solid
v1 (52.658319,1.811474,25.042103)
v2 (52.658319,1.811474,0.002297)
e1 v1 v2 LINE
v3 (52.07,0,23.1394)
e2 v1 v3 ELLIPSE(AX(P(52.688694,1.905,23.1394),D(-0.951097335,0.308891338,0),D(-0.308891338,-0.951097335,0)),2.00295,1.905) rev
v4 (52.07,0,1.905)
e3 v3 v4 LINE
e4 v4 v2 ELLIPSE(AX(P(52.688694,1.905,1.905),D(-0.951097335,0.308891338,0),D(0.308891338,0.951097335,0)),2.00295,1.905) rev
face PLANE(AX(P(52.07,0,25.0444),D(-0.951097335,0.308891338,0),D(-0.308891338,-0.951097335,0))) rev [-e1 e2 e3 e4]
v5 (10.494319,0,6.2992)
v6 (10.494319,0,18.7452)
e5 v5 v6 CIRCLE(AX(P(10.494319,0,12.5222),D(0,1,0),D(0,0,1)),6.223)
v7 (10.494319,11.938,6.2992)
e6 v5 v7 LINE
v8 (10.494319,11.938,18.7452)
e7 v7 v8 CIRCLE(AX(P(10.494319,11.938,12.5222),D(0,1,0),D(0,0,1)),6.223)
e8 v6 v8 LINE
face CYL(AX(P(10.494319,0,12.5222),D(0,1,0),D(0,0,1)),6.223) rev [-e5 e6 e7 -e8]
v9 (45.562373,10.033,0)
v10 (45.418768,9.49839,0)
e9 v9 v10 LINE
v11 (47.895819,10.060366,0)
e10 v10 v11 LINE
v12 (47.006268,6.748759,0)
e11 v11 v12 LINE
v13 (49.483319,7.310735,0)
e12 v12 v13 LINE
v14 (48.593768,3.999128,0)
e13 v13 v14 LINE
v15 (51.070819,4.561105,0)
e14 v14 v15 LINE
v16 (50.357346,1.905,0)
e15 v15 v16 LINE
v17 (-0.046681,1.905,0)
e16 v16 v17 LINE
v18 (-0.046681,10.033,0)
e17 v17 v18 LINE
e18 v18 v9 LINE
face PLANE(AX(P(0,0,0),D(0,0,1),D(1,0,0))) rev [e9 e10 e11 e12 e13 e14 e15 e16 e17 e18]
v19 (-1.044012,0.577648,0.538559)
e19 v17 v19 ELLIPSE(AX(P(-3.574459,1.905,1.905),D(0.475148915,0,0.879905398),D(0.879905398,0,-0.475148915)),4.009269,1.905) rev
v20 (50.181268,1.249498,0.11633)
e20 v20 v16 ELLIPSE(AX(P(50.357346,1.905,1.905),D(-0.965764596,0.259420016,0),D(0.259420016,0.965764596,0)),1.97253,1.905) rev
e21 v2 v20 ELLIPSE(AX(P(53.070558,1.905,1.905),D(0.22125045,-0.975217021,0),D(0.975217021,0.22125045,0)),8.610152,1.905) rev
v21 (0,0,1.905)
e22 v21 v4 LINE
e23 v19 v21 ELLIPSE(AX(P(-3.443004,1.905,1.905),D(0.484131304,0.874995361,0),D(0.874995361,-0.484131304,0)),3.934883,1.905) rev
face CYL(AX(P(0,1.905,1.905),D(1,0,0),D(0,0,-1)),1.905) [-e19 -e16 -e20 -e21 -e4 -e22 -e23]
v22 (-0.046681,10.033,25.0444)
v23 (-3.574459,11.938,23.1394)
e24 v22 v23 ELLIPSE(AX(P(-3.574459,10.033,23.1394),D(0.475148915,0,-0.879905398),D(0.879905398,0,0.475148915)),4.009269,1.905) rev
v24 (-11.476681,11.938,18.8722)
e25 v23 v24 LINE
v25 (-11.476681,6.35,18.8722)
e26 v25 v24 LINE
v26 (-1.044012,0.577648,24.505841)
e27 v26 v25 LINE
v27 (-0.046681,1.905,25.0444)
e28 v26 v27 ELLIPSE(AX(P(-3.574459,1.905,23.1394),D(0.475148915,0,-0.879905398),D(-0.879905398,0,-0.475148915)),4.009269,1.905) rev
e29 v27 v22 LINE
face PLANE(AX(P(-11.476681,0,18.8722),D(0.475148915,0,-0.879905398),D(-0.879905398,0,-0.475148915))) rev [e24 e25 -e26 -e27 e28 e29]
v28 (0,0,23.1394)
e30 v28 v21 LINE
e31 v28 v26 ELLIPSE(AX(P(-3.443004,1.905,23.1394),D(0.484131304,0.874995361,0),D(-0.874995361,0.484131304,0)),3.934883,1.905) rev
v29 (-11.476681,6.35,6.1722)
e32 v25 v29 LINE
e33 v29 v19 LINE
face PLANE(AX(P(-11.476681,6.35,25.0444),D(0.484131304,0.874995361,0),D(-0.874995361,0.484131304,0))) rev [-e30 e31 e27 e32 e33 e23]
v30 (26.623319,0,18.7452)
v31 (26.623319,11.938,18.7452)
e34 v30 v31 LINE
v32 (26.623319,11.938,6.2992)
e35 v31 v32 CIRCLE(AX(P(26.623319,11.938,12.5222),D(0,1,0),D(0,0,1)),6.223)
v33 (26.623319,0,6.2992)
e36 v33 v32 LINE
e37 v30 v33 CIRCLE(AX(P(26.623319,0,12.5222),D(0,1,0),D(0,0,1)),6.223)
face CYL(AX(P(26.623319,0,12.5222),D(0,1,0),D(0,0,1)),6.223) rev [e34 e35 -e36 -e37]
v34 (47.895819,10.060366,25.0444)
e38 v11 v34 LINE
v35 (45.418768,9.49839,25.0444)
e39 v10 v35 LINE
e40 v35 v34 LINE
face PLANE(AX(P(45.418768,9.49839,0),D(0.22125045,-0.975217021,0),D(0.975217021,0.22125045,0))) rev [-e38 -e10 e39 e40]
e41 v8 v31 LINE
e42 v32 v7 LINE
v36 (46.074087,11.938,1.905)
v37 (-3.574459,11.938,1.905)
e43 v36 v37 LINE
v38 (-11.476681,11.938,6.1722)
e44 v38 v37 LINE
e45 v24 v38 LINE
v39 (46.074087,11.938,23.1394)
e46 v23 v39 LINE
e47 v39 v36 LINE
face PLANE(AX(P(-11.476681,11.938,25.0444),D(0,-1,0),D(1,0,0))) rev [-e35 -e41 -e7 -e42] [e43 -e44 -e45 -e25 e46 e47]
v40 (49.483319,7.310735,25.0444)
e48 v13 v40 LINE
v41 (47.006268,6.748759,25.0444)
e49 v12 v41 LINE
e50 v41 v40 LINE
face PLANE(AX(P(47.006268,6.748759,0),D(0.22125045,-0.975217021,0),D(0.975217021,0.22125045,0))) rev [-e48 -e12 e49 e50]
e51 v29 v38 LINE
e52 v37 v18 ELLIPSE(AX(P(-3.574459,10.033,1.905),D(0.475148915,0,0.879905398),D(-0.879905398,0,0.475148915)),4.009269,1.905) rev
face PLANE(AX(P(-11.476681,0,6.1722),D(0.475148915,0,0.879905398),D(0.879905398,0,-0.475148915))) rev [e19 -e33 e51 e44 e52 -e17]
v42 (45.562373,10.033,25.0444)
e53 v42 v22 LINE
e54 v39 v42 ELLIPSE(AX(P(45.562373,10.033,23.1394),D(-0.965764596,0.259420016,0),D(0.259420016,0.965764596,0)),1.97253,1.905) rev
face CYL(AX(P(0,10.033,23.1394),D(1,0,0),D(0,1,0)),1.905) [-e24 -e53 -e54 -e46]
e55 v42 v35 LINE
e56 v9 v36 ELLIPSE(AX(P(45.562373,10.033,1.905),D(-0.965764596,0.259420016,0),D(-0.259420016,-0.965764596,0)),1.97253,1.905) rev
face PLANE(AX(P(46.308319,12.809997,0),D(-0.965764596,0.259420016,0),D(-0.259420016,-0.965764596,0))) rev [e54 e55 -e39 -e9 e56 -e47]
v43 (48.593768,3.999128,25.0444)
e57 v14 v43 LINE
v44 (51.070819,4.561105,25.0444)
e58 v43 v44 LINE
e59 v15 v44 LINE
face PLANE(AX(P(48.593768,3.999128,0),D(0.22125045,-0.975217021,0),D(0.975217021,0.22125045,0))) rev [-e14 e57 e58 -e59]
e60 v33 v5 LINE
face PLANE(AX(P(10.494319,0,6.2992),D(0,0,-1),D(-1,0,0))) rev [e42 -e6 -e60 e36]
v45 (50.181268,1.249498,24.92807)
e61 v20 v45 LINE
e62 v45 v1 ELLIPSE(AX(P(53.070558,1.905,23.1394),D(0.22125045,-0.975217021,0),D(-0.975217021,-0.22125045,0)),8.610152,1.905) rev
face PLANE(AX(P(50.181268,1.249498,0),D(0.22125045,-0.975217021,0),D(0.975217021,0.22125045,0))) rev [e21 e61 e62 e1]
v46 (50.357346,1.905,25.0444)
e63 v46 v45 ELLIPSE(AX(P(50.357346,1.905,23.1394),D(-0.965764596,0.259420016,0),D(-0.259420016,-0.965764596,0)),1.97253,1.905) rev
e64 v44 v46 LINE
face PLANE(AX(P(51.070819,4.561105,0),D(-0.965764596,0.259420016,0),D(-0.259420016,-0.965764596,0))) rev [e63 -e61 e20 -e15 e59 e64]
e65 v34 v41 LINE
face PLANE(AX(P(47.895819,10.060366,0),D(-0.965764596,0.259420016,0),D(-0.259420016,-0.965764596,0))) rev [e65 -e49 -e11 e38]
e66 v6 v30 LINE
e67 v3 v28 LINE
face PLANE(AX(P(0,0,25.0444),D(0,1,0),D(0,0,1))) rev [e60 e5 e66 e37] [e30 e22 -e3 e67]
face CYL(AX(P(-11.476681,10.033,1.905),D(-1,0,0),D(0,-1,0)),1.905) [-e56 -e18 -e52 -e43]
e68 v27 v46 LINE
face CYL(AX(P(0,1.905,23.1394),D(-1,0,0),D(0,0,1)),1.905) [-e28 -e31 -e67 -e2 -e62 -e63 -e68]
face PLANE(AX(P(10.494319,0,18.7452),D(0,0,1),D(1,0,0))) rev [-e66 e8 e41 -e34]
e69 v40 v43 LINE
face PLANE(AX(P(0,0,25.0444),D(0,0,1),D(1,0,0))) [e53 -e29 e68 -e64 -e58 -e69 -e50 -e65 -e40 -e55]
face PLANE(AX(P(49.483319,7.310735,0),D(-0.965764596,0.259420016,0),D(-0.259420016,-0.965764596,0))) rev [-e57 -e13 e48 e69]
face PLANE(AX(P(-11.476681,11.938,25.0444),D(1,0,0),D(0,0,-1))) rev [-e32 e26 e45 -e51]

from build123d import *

# Parameters (mm, degrees)
BOSS_EXTRUDE1_DEPTH = 25.0444
CUT_EXTRUDE1_DEPTH  = 60.520050184
LPATTERN1_COUNT     = 11
LPATTERN1_PITCH     = 3.175
CUT_EXTRUDE2_DEPTH  = 60.520050184
FILLET1_R           = 1.905


with BuildPart() as part:
    # Sketch1 → Boss-Extrude1 (new body)
    with BuildSketch(Plane.XY):
        Polygon((0, 0), (52.07, 0), (52.658318987, 1.811473978), (46.811766462, 11.938), (-11.476681013, 11.938), (-11.476681013, 6.35), align=None)
    extrude(amount=BOSS_EXTRUDE1_DEPTH)

    # Sketch2 → Cut-Extrude1 (cut, through all)
    with BuildSketch(Plane.XY.offset(25.0444)):
        Polygon((51.070818987, 4.561104635), (50.181267753, 1.249497834), (52.658318987, 1.811473978), align=None)
    cut_extrude1 = extrude(amount=-CUT_EXTRUDE1_DEPTH, mode=Mode.SUBTRACT)

    # LPattern1: Cut-Extrude1 ×11
    with Locations(*[Vector(-0.49999999999999795, 0.8660254037844398, 0) * (i * LPATTERN1_PITCH) for i in range(1, LPATTERN1_COUNT)]):
        add(cut_extrude1, mode=Mode.SUBTRACT)

    # Sketch3 → Cut-Extrude2 (cut, through all)
    with BuildSketch(Plane(origin=(0, 11.938, 0), x_dir=(1, 0, 0), z_dir=(0, 1, 0))):
        with BuildLine():
            Line((10.494318987, -6.2992), (26.623318987, -6.2992))
            ThreePointArc((26.623318987, -6.2992), (32.846318987, -12.5222), (26.623318987, -18.7452))
            Line((26.623318987, -18.7452), (10.494318987, -18.7452))
            ThreePointArc((10.494318987, -18.7452), (4.271318987, -12.5222), (10.494318987, -6.2992))
        make_face()
        Polygon((-11.476681013, -6.1722), (-0.046681013, 0), (-11.476681013, 0), align=None)
        Polygon((-11.476681013, -25.0444), (-0.046681013, -25.0444), (-11.476681013, -18.8722), align=None)
    extrude(amount=-CUT_EXTRUDE2_DEPTH, mode=Mode.SUBTRACT)

    # Fillet1
    fillet1_edges = [part.edges().sort_by_distance(p)[0] for p in [
        (23.013702779, 11.938, 25.0444),
        (23.013702779, 11.938, 0),
        (26.035, 0, 0),
        (26.035, 0, 25.0444),
    ]]
    fillet(fillet1_edges, radius=FILLET1_R)


solid = part.part
